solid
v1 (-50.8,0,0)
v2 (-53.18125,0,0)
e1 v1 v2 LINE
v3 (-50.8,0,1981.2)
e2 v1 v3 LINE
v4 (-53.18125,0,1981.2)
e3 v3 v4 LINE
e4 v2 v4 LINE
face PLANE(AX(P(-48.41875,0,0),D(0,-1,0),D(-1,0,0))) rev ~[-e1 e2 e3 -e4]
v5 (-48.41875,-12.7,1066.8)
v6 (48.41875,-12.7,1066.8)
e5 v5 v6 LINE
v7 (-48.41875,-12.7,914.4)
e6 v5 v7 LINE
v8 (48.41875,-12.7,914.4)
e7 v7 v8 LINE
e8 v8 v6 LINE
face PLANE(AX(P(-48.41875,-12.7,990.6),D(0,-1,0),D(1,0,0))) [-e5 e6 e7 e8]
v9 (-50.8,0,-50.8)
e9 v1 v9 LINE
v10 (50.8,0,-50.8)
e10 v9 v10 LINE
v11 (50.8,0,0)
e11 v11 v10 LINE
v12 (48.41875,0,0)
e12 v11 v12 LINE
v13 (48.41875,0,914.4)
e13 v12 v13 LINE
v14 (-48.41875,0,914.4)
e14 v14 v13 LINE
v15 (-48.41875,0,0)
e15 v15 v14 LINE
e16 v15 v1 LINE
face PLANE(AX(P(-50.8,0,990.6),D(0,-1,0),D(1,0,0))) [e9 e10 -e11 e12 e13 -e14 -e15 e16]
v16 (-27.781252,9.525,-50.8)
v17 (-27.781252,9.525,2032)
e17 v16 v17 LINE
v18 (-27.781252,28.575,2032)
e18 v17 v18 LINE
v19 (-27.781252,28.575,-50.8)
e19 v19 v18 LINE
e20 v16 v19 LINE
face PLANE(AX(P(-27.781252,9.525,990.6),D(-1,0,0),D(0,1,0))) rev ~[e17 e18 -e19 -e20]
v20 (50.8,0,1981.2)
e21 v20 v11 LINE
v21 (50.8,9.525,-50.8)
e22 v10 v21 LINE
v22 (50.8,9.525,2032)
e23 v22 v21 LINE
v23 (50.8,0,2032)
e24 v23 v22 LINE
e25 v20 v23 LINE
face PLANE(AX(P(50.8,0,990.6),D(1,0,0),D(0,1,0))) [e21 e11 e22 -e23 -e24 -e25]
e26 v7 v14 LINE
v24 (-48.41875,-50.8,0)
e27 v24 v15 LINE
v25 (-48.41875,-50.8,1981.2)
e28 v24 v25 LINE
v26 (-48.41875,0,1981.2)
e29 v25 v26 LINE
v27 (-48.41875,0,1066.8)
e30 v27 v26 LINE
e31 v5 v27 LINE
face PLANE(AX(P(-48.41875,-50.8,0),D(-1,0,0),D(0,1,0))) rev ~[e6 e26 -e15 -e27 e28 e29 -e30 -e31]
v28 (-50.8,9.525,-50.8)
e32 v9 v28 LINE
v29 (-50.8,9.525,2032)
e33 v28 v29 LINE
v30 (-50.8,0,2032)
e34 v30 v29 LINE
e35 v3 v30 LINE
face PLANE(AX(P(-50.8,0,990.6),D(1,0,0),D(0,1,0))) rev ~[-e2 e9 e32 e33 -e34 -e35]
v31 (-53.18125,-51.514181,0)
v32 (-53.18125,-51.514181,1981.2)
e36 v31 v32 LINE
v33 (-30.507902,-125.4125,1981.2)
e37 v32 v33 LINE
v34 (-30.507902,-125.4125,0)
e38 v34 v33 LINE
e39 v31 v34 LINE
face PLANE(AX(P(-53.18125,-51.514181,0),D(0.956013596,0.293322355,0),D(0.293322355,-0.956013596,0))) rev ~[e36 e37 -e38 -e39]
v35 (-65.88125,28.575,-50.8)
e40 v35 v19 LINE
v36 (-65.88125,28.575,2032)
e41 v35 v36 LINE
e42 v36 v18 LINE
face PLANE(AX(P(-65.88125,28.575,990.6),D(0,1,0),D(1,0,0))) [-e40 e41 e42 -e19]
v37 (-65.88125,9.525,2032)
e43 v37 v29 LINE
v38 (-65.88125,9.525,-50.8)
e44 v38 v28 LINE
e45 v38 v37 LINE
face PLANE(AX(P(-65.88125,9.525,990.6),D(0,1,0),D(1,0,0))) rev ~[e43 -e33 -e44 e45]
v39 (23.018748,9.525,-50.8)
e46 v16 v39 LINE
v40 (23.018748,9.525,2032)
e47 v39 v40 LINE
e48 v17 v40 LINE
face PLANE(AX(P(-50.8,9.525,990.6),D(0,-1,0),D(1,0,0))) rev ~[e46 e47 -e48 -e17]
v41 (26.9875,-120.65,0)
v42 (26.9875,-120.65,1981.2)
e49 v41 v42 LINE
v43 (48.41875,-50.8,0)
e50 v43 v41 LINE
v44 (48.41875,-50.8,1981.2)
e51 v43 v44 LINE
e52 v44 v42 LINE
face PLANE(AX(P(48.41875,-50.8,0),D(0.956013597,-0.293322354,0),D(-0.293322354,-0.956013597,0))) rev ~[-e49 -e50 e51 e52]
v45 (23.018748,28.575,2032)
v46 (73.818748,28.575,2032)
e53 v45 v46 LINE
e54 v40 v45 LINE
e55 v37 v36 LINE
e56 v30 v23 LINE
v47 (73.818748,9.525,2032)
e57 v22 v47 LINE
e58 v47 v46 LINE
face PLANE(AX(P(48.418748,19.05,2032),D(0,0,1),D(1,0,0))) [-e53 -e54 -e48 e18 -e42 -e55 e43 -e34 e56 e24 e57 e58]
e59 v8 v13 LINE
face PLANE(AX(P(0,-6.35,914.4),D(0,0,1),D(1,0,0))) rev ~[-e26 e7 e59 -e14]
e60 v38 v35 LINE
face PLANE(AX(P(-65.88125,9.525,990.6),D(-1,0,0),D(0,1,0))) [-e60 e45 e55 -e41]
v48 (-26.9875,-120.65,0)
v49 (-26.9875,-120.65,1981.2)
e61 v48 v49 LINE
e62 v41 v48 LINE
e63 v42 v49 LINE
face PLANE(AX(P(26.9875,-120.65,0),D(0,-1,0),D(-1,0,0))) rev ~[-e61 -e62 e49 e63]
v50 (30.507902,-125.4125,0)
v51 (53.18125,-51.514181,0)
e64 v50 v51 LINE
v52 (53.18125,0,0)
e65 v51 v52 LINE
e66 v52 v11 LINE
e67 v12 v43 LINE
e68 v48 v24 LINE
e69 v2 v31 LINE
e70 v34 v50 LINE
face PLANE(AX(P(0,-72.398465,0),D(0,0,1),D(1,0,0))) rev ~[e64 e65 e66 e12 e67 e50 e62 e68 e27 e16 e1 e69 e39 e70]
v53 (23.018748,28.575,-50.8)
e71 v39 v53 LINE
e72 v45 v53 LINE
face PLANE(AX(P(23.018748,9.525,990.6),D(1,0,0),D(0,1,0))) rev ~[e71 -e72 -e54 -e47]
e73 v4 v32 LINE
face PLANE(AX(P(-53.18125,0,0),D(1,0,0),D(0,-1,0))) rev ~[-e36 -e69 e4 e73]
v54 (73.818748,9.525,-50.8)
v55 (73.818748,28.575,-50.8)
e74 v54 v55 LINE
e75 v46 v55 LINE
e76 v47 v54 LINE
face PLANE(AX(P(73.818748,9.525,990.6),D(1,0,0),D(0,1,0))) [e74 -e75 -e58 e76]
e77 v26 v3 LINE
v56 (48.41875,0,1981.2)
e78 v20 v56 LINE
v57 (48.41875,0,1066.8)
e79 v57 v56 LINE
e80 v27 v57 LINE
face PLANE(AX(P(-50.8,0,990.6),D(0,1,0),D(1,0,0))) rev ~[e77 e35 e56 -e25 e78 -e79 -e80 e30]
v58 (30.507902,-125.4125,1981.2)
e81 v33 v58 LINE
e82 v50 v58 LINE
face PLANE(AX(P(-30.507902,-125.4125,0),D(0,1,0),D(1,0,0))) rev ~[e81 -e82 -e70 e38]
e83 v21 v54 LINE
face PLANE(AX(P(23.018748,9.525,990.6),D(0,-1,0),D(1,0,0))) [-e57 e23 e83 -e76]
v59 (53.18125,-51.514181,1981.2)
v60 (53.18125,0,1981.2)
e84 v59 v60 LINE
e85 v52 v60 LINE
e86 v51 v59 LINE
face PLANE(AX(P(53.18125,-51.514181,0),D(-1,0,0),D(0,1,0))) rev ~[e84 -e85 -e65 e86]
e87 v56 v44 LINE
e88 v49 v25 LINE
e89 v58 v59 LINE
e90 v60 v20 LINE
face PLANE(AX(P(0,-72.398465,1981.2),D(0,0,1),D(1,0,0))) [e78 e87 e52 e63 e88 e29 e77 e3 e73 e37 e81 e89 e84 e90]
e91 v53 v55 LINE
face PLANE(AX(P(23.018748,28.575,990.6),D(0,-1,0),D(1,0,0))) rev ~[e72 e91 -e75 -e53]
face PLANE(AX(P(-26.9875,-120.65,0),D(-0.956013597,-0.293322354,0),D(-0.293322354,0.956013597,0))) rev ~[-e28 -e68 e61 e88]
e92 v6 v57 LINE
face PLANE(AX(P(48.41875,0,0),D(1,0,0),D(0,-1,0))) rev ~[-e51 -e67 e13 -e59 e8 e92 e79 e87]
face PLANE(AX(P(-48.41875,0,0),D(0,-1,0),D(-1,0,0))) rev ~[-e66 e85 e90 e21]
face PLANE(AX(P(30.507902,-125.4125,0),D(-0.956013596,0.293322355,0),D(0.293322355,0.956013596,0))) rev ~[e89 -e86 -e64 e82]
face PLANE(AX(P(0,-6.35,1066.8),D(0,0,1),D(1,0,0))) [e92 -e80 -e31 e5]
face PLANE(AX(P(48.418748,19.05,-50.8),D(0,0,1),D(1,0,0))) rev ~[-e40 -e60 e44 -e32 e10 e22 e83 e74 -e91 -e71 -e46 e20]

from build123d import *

# Parameters (mm, degrees)
F1_DEPTH      = 1981.2
F3_W          = 96.8375
F3_H          = 12.7
F4_DEPTH      = 76.2
F4_DEPTH_BACK = 76.2
F5_W          = 101.6
F5_H          = 9.525
F6_DEPTH      = 1041.4
F6_DEPTH_BACK = 1041.4
F7_W          = 50.8
F7_H          = 19.05
F7_W_2        = 38.099998
F8_DEPTH      = 1041.4
F8_DEPTH_BACK = 1041.4


with BuildPart() as f1:
    # F0 (on Top) → F1 (new body)
    with BuildSketch(Plane.XY):
        Polygon((-48.41875, -50.8), (-48.41875, 0), (-53.18125, 0), (-53.18125, -51.514181), (-30.507902, -125.4125), (30.507902, -125.4125), (53.18125, -51.514181), (53.18125, 0), (48.41875, 0), (48.41875, -50.8), (26.9875, -120.65), (-26.9875, -120.65), align=None)
    extrude(amount=F1_DEPTH)

    # F3 (on offset) → F4 (join, two sides)
    with BuildSketch(Plane.XY.offset(990.6)) as f4_sk:
        with Locations((0, -6.35)):
            Rectangle(F3_W, F3_H)
    extrude(amount=F4_DEPTH)
    extrude(f4_sk.sketch, amount=-F4_DEPTH_BACK)

    # F5 (on offset) → F6 (join, two sides)
    with BuildSketch(Plane.XY.offset(990.6)) as f6_sk:
        with Locations((0, 4.7625)):
            Rectangle(F5_W, F5_H)
    extrude(amount=F6_DEPTH)
    extrude(f6_sk.sketch, amount=-F6_DEPTH_BACK)

    # F7 (on offset) → F8 (join, two sides)
    with BuildSketch(Plane.XY.offset(990.6)) as f8_sk:
        with Locations((48.418748, 19.05)):
            Rectangle(F7_W, F7_H)
        with Locations((-46.831251, 19.05)):
            Rectangle(F7_W_2, F7_H)
    extrude(amount=F8_DEPTH)
    extrude(f8_sk.sketch, amount=-F8_DEPTH_BACK)


solid = f1.part
